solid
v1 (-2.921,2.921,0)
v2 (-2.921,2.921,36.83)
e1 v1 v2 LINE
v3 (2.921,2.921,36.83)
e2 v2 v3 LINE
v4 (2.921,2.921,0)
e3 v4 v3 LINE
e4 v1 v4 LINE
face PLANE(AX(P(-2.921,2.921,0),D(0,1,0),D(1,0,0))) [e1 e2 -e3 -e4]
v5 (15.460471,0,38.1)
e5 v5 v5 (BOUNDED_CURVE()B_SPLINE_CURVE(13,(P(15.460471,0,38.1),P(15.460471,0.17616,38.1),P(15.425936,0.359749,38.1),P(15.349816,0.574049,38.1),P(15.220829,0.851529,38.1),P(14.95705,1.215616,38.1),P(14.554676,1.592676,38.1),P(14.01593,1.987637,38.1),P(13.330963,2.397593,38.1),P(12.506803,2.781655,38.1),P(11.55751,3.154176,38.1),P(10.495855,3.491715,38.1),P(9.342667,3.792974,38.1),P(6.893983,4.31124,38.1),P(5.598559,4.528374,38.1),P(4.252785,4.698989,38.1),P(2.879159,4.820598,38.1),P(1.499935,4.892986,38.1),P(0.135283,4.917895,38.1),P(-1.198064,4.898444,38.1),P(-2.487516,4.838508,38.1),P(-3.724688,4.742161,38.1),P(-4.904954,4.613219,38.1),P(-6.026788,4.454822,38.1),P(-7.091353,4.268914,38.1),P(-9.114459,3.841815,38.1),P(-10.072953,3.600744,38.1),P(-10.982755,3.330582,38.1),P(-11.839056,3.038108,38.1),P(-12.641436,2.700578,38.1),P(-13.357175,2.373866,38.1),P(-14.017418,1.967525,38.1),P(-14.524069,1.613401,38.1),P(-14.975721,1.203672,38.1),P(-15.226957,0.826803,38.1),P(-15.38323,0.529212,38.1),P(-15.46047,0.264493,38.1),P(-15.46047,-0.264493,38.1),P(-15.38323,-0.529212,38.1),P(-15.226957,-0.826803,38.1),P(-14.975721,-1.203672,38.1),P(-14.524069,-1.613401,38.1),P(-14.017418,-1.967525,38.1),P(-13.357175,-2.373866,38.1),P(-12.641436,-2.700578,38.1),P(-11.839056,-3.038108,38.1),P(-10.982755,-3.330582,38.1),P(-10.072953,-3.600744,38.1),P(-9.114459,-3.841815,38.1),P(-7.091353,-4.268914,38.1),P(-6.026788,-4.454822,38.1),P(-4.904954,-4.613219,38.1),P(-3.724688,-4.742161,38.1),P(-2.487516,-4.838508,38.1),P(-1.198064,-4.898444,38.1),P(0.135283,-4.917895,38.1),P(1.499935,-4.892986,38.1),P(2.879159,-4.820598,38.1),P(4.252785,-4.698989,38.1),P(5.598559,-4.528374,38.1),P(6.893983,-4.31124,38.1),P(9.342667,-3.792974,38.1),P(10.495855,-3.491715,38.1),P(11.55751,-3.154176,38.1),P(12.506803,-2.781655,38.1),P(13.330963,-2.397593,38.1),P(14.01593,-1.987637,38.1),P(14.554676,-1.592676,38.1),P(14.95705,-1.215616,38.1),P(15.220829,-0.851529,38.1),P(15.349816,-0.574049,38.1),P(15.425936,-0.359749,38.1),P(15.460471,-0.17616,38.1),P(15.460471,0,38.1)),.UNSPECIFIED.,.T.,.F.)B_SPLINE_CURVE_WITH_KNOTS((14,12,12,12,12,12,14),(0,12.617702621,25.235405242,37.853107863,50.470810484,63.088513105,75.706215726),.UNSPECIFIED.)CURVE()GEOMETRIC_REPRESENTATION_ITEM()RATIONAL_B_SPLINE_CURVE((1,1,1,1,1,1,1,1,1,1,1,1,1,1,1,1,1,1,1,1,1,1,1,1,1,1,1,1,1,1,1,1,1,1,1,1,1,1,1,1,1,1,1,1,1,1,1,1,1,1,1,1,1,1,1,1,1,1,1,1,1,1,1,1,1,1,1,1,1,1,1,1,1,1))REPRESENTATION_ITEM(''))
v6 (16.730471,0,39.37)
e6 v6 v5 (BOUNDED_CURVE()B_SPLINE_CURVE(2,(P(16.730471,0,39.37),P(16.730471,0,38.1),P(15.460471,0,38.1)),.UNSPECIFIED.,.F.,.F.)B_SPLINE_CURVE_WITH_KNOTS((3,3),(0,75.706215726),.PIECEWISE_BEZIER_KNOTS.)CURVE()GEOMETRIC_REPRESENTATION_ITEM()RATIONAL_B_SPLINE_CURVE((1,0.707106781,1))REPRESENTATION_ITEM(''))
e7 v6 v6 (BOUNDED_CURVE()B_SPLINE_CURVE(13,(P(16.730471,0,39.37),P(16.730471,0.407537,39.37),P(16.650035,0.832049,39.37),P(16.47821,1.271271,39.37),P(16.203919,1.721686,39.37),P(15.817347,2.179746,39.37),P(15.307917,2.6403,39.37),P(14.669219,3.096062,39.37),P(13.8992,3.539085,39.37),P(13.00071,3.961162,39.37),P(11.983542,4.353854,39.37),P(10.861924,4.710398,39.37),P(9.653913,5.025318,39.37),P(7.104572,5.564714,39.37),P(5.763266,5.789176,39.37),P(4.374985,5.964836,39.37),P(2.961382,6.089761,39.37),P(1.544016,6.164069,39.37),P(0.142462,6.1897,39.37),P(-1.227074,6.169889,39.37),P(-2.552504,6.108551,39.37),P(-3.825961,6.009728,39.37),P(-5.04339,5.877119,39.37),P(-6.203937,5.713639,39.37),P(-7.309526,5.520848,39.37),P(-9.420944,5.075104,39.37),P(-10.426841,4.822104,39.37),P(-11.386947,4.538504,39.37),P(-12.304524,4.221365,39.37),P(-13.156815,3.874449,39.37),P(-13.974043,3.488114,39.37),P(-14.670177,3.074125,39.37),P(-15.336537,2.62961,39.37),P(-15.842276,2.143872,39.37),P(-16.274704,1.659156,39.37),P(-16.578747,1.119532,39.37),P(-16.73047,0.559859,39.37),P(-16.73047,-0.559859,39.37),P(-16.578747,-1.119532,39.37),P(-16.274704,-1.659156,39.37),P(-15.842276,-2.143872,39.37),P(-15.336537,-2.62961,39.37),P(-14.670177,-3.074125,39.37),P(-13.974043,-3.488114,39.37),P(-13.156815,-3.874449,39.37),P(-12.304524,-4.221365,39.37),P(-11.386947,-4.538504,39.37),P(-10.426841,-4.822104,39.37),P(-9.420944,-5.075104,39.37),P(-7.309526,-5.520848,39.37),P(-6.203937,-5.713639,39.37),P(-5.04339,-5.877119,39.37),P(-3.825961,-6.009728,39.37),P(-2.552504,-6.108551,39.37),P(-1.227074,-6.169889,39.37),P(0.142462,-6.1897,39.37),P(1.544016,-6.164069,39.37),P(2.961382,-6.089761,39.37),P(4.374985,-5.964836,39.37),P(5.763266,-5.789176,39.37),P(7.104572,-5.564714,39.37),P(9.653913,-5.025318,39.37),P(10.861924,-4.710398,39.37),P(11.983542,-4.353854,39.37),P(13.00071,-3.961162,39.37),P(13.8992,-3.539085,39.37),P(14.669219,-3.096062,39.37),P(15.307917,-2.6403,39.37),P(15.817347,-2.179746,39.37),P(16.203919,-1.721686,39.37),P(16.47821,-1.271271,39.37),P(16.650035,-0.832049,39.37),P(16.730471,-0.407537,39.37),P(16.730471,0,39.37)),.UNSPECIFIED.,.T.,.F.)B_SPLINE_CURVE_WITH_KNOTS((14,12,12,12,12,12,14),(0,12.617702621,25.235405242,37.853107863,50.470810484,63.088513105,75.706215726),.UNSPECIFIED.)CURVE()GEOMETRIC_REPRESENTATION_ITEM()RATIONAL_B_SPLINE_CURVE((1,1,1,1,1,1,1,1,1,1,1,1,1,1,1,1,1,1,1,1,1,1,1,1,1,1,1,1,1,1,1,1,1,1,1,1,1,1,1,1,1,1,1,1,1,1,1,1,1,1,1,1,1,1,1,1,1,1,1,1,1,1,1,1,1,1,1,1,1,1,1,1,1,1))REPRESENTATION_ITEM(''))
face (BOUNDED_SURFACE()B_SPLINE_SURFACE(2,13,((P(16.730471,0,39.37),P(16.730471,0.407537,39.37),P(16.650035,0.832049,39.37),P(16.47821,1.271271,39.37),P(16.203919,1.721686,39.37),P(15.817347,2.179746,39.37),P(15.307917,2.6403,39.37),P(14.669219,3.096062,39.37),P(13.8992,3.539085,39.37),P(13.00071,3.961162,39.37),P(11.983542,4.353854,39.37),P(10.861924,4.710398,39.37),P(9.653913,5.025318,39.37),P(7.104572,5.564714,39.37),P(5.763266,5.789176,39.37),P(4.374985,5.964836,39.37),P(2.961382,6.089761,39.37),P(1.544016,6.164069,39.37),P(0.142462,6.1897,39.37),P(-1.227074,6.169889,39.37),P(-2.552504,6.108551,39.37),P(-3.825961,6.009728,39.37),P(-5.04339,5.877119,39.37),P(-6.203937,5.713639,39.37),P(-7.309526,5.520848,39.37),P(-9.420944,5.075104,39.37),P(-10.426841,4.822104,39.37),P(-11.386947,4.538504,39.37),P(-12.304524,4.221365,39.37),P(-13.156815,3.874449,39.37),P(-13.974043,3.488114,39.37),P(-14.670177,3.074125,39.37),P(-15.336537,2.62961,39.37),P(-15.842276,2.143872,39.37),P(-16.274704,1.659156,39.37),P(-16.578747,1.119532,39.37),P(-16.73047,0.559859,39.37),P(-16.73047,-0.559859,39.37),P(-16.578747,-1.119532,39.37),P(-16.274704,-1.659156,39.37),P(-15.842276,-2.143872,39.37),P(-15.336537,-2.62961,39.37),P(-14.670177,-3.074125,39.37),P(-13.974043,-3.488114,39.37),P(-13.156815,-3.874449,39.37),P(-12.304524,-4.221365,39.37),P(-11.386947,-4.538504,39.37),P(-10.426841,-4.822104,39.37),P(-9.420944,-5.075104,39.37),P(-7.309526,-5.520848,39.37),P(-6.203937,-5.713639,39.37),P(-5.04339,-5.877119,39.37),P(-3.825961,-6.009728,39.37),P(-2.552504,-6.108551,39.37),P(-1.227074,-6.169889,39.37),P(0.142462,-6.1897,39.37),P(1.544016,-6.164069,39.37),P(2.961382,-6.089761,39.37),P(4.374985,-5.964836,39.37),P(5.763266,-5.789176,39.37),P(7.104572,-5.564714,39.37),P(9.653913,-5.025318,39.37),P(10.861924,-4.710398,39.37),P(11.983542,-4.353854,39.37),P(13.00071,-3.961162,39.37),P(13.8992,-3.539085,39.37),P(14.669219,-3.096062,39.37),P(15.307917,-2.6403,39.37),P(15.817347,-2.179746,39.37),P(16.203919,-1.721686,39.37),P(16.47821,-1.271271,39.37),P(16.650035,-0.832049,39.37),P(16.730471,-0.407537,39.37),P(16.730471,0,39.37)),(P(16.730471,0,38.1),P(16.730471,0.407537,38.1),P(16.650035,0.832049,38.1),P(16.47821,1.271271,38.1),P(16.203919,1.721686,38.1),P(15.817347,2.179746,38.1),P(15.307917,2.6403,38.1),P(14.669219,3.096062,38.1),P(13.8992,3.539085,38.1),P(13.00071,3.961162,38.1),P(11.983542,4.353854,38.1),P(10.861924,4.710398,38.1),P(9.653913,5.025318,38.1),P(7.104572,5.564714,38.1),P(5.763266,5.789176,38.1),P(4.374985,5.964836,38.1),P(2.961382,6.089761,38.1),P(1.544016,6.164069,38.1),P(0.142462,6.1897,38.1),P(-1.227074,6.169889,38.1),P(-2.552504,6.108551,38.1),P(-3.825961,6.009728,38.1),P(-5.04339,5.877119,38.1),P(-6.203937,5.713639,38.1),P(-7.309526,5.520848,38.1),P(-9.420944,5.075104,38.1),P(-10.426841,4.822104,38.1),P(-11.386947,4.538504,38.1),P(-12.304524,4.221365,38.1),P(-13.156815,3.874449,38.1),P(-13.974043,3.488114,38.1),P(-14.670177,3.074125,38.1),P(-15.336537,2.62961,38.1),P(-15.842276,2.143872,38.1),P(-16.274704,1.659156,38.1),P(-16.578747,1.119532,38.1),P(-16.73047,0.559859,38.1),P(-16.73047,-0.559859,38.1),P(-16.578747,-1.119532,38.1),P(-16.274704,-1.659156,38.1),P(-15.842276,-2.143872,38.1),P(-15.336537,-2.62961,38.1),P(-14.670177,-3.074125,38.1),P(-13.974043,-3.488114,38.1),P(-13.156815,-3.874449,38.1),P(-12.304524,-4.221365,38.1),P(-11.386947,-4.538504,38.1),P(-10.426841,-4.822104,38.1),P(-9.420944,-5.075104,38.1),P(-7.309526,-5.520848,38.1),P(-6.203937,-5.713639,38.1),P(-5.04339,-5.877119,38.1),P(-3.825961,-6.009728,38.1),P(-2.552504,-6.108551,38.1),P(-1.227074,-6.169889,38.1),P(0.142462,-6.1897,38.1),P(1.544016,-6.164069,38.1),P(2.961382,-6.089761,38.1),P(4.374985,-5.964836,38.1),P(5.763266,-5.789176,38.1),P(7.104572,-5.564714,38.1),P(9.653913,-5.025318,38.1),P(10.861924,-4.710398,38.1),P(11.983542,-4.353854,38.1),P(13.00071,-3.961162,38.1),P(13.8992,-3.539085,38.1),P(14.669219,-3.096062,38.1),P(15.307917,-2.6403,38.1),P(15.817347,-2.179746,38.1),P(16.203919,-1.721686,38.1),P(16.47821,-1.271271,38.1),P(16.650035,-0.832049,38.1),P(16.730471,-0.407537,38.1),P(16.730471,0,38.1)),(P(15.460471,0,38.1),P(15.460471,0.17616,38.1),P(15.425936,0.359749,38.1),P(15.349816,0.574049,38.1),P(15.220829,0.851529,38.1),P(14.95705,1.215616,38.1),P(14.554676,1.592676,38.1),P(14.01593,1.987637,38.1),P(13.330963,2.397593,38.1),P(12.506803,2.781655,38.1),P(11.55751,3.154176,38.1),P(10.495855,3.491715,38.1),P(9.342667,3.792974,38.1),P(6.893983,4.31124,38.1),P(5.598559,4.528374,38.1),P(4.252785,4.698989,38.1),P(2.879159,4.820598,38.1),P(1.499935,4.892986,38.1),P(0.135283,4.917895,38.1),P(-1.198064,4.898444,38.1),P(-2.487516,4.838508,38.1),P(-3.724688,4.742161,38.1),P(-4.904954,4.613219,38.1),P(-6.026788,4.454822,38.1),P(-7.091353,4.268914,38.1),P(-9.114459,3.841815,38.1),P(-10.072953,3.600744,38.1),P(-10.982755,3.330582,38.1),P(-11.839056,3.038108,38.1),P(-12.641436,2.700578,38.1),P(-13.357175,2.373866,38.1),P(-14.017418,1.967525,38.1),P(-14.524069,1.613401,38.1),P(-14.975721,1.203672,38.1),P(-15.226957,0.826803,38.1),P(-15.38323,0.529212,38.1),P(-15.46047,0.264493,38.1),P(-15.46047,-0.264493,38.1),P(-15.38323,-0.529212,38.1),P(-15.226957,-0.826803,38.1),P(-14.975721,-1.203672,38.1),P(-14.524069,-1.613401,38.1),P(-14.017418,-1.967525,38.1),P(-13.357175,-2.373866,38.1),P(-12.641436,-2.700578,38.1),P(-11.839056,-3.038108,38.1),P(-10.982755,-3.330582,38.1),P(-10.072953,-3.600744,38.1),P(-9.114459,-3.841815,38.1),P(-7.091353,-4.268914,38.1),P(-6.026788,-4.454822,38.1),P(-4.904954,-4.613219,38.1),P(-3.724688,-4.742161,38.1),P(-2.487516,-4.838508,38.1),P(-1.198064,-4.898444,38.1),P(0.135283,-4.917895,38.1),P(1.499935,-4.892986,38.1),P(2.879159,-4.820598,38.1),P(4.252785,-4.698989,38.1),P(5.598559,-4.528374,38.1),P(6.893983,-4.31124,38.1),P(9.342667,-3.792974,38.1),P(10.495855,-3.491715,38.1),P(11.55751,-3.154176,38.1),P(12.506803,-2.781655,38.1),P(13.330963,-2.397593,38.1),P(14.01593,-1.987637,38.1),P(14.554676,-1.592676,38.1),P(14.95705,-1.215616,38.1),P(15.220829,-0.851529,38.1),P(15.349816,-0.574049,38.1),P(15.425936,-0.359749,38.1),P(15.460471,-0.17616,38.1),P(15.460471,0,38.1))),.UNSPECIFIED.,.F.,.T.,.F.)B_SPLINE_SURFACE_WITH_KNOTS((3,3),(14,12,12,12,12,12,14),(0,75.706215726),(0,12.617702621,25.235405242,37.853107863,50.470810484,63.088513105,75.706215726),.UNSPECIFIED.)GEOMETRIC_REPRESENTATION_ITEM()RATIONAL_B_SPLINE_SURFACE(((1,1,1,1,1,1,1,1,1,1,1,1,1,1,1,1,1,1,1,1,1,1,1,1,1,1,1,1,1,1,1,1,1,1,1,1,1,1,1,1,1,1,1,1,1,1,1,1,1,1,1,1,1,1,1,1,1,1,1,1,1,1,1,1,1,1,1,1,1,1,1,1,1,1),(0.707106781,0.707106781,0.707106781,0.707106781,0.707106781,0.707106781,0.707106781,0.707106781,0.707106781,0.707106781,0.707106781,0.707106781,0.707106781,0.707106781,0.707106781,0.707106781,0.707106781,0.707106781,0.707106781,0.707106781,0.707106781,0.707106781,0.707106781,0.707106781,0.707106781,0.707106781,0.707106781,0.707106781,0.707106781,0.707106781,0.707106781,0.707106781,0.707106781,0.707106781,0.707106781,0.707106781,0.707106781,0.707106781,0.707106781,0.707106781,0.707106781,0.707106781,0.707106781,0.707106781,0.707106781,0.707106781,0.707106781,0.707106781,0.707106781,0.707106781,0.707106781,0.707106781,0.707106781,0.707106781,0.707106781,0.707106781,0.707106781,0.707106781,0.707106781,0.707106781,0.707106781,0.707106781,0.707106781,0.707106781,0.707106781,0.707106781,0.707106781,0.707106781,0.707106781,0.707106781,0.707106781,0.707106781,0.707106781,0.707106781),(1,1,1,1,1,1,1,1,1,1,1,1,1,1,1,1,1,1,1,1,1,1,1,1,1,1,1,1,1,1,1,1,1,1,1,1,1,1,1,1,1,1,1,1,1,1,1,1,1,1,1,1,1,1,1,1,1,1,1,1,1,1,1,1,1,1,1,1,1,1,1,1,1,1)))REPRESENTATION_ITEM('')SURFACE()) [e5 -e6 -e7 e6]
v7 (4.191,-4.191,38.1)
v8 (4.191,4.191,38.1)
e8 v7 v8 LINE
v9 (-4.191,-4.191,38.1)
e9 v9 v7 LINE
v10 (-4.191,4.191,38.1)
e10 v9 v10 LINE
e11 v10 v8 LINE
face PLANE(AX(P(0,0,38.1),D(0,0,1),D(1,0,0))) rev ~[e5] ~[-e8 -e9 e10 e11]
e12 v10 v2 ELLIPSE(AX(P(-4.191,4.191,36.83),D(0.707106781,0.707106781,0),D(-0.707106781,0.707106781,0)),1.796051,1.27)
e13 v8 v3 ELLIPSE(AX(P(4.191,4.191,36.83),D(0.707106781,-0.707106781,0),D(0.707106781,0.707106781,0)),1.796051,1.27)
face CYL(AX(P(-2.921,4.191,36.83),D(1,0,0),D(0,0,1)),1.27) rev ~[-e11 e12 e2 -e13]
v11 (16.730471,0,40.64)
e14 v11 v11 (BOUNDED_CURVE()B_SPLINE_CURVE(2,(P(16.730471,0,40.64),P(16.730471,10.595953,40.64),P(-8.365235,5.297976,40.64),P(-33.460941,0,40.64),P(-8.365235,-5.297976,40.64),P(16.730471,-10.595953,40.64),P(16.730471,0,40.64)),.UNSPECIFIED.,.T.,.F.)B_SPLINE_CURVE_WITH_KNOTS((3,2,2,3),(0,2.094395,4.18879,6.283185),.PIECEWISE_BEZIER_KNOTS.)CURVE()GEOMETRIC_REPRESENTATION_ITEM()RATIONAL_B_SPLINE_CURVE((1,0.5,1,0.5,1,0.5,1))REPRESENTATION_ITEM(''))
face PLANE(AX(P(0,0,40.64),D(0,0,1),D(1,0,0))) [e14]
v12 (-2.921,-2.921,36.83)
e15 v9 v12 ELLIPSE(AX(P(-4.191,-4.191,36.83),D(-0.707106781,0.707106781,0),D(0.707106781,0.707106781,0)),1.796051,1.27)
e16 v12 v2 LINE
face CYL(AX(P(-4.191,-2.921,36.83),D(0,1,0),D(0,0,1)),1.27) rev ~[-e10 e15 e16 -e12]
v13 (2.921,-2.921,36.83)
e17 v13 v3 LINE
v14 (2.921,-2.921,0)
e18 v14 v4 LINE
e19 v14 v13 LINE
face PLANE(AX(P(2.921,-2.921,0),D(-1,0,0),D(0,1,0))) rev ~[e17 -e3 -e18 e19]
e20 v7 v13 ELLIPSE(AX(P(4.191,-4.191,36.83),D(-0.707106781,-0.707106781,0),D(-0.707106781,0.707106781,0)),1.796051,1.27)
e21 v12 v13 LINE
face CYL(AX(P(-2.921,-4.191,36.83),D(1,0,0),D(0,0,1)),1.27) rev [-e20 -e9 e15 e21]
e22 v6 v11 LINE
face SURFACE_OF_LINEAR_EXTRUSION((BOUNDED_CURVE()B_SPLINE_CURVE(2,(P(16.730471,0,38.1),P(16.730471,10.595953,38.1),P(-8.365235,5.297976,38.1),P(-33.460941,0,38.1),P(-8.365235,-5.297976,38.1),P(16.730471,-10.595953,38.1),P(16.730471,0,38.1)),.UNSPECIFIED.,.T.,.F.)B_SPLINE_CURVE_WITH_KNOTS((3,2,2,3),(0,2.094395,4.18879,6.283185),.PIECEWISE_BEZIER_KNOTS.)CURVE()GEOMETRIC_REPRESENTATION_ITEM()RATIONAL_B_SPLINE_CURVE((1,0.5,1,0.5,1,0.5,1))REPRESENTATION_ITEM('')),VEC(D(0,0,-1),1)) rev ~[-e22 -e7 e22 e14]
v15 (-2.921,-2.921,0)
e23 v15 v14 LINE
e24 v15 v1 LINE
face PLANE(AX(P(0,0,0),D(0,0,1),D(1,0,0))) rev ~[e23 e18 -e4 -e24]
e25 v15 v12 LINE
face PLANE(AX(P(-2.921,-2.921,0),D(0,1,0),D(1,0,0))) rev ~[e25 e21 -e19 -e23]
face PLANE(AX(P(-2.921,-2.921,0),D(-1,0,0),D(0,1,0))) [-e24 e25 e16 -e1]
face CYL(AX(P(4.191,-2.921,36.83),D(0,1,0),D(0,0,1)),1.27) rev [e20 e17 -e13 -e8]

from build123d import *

# Parameters (mm, degrees)
F0_W     = 5.842
F0_H     = 5.842
F1_DEPTH = 38.1
F3_DEPTH = 2.54
F4_R     = 1.27


with BuildPart() as f1:
    # F0 (on Top) → F1 (new body)
    with BuildSketch(Plane.XY):
        Rectangle(F0_W, F0_H)
    extrude(amount=F1_DEPTH)

    # F2 (on face) → F3 (join)
    with BuildSketch(Plane.XY.offset(38.1)):
        with BuildLine():
            add(Edge.make_bspline(
                [(16.730471, 0), (16.730471, 10.595953), (-8.365235, 5.297976), (-33.460941, 0), (-8.365235, -5.297976), (16.730471, -10.595953), (16.730471, 0)],
                knots=[0, 0, 0, 2.094395, 2.094395, 4.18879, 4.18879, 6.283185, 6.283185, 6.283185], degree=2, weights=[1, 0.5, 1, 0.5, 1, 0.5, 1]))
        make_face()
    extrude(amount=F3_DEPTH)

    # F4
    f4_edges = [f1.edges().sort_by_distance(p)[0] for p in [
        (2.921, 0, 38.1),
        (0, -2.921, 38.1),
        (-2.921, 0, 38.1),
        (0, 2.921, 38.1),
        (-16.730471, 4.7e-05, 38.1),
    ]]
    fillet(f4_edges, radius=F4_R)


solid = f1.part
